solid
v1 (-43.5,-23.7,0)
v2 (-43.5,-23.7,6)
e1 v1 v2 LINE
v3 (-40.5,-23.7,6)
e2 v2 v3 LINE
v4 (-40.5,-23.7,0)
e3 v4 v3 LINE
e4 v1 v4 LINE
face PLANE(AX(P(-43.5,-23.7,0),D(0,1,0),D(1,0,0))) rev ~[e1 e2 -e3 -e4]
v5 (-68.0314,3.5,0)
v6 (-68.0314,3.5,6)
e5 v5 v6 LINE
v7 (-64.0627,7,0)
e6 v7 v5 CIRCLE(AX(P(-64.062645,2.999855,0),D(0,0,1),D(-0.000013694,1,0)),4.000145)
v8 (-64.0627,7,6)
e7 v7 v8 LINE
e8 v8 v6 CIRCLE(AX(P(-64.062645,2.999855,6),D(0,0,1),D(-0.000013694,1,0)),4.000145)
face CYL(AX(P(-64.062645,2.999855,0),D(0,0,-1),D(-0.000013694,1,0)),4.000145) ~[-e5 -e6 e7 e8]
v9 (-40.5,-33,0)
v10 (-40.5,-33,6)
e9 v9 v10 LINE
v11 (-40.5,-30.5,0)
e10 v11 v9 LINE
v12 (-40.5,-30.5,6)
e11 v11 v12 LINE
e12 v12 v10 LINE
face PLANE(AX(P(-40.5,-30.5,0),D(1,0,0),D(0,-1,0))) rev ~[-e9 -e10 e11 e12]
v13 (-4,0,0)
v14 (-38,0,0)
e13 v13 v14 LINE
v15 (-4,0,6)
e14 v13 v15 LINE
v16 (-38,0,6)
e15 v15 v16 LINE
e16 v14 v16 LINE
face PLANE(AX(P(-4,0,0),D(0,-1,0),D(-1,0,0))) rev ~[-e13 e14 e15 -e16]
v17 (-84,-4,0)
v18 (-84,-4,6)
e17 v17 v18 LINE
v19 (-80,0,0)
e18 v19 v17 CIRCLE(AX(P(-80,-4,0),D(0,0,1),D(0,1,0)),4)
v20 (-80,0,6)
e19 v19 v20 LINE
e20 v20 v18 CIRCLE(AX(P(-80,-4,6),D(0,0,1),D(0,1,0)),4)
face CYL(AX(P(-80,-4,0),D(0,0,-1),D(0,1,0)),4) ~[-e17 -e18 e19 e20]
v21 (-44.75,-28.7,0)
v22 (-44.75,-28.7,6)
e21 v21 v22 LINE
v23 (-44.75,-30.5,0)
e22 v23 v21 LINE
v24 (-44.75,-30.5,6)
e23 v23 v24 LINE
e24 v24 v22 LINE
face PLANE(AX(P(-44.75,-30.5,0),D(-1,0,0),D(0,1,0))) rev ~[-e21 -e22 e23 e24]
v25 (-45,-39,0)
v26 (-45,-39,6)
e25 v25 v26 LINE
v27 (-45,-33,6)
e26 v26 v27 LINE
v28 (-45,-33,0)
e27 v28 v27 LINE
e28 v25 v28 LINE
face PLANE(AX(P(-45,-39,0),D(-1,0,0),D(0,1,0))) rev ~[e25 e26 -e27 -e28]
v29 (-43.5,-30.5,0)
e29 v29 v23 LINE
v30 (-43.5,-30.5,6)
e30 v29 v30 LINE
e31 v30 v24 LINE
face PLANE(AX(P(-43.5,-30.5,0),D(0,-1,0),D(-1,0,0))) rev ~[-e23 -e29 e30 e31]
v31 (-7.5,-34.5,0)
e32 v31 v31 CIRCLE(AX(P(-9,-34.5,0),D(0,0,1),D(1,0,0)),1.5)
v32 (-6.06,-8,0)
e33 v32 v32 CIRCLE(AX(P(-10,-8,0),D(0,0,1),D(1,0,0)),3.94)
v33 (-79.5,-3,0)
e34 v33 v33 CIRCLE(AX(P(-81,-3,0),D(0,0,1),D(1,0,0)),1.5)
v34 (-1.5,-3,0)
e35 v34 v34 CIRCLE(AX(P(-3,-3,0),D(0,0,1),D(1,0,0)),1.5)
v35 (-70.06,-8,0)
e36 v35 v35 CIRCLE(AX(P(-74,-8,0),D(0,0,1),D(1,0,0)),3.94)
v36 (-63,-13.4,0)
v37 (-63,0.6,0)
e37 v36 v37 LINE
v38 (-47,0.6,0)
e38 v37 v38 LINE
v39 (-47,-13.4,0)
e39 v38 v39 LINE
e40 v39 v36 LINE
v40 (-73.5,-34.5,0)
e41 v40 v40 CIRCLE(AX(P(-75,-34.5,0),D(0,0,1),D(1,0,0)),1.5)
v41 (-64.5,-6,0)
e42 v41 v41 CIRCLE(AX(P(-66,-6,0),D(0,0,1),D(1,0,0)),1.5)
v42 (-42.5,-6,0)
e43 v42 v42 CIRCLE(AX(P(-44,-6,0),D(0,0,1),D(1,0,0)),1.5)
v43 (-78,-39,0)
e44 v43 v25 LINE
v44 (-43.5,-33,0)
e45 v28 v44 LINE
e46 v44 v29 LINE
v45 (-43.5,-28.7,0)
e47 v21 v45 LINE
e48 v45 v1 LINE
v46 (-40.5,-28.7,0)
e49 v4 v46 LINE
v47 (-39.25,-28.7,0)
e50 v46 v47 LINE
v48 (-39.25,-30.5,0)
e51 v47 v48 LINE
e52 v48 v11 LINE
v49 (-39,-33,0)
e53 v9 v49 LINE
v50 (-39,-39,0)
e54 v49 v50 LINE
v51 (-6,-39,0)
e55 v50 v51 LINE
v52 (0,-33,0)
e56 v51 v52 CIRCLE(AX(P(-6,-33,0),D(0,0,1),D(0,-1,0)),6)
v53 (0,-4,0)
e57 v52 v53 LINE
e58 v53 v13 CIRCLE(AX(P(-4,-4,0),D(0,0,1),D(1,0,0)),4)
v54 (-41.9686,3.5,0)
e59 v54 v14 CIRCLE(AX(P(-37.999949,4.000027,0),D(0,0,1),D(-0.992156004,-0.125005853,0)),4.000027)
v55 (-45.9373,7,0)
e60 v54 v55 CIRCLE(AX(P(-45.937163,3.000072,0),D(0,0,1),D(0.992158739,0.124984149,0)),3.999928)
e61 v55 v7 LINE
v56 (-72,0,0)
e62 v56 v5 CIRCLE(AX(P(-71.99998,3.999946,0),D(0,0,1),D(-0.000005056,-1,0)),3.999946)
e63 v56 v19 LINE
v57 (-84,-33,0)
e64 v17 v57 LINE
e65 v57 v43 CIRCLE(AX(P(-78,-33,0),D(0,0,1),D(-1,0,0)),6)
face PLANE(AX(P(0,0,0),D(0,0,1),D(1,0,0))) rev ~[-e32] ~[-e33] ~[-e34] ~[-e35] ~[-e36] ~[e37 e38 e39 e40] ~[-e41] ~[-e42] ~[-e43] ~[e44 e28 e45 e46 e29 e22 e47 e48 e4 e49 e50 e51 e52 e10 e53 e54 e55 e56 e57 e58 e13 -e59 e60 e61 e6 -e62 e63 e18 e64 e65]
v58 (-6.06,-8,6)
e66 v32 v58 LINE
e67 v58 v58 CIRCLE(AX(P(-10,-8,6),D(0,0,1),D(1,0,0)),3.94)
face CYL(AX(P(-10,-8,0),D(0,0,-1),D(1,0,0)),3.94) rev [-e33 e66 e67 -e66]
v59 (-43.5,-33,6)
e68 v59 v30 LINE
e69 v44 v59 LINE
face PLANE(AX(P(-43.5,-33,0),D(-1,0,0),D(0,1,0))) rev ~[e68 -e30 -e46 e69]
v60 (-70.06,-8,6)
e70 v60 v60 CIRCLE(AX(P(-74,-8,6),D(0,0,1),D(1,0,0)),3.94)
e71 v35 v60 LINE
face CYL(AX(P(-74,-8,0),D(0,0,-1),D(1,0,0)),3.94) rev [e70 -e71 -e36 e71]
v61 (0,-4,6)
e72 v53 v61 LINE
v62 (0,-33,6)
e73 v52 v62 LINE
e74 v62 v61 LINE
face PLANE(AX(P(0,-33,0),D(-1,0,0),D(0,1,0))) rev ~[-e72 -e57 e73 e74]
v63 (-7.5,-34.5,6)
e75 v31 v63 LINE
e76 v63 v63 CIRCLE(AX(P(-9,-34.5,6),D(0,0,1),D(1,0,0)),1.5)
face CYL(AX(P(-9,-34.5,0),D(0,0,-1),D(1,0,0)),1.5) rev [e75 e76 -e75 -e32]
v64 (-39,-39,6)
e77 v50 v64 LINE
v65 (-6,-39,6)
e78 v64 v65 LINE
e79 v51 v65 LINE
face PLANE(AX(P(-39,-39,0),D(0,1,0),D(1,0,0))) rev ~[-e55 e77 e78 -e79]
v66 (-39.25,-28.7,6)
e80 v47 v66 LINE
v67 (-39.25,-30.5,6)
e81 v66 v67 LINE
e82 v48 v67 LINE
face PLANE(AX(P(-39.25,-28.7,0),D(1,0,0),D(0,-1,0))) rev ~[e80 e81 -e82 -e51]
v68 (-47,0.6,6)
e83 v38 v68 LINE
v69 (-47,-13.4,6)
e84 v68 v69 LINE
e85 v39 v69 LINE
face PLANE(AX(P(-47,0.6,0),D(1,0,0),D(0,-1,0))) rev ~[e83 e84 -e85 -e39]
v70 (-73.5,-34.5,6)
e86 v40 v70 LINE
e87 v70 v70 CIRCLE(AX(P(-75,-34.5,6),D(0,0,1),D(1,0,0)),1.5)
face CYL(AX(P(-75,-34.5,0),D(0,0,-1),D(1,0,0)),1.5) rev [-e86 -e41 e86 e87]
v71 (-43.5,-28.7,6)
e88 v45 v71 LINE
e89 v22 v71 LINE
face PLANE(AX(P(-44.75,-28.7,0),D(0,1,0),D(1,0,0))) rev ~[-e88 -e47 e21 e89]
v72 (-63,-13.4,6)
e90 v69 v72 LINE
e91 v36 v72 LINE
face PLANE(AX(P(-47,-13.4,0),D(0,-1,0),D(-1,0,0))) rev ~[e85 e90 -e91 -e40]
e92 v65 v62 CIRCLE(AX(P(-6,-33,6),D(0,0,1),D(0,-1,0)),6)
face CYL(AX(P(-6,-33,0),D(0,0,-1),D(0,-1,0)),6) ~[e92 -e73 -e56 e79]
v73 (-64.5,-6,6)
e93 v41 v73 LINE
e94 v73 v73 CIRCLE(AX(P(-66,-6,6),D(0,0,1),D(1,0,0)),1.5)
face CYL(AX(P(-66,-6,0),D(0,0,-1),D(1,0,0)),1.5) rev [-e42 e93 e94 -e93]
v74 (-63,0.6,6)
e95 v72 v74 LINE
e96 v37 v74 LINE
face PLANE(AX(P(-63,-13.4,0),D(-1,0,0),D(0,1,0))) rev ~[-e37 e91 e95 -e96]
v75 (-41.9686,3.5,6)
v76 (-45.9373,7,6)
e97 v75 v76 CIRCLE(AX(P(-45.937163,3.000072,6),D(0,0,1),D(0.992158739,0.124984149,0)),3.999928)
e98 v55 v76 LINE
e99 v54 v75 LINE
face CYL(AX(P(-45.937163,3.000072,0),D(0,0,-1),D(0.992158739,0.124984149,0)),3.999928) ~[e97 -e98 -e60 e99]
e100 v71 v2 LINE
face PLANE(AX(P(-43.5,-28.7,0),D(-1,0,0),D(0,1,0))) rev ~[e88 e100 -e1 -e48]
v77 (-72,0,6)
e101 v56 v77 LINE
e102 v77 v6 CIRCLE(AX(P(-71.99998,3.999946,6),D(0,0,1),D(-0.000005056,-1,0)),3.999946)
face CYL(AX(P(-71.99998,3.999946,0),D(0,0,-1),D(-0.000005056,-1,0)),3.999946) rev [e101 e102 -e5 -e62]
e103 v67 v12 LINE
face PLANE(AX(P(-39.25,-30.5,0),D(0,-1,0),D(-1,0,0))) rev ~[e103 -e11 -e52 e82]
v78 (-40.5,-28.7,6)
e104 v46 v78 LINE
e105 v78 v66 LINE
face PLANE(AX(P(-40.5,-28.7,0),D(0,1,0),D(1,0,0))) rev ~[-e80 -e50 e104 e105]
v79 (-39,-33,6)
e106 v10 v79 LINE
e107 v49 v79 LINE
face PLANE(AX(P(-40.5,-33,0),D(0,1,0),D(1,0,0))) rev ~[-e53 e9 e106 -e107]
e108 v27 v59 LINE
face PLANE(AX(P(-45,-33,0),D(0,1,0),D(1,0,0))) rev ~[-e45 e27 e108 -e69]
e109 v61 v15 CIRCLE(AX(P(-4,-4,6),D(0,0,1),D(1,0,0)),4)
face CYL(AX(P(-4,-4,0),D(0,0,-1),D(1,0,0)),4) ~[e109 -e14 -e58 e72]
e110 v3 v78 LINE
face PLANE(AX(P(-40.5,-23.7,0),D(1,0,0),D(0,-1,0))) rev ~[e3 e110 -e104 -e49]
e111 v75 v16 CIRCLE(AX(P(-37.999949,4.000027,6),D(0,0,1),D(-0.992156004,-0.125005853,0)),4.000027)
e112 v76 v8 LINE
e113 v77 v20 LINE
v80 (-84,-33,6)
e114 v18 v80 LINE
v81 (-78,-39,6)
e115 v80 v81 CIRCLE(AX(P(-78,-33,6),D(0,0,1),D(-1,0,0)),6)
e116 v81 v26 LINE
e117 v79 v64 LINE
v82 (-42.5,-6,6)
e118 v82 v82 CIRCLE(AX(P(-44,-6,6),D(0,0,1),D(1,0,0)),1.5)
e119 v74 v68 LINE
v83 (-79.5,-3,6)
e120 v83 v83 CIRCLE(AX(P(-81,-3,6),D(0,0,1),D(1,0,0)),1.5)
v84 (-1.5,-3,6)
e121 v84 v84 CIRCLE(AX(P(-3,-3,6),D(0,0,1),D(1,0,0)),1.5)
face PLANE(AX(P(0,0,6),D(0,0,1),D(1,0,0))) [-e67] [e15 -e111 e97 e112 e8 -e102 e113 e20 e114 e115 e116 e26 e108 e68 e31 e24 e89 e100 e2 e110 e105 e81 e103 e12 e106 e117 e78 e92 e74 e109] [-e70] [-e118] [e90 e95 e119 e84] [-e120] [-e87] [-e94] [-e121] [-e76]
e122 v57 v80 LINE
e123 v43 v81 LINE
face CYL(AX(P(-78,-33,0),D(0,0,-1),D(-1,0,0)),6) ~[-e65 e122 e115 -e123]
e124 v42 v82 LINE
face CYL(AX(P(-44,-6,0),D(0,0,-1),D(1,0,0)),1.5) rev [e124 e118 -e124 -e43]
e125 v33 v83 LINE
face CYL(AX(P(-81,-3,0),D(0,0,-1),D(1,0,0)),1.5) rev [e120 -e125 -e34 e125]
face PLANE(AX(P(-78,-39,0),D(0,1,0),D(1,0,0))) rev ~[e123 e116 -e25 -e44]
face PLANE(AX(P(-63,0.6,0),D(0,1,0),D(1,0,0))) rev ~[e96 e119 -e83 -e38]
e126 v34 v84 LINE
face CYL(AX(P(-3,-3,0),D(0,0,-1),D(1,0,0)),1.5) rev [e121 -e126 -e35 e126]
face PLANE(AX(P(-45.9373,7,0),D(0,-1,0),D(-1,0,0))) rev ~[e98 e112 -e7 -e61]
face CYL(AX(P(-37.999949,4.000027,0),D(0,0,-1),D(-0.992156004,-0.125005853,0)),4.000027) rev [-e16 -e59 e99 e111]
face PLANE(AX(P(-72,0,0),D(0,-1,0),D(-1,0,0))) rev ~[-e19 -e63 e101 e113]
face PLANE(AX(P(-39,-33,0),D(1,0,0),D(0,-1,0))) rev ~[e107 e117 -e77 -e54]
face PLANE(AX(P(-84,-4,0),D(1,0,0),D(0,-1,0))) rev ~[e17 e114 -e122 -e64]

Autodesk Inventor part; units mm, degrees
ref_plane "YZ Plane" through (0, 0, 0) normal (1, 0, 0) x (0, 1, 0)
ref_plane "XZ Plane" through (0, 0, 0) normal (0, 1, 0) x (-1, 0, 0)
ref_plane "XY Plane" through (0, 0, 0) normal (0, 0, 1) x (1, 0, 0)
sketch "Sketch1" plane through (0, 0, 0) normal (0, 0, 1) x (1, 0, 0)
  arc A0 (-84, -33) -> (-78, -39) centre (-78, -33) ccw
  line L0 (-78, -39) -> (-45, -39)
  line L1 (-45, -39) -> (-45, -33)
  line L2 (-45, -33) -> (-43.5, -33)
  line L3 (-43.5, -33) -> (-43.5, -30.5)
  line L4 (-43.5, -30.5) -> (-44.75, -30.5)
  line L5 (-44.75, -30.5) -> (-44.75, -28.7)
  line L6 (-44.75, -28.7) -> (-43.5, -28.7)
  line L7 (-43.5, -28.7) -> (-43.5, -23.7)
  line L8 (-43.5, -23.7) -> (-40.5, -23.7)
  line L9 (-40.5, -23.7) -> (-40.5, -28.7)
  line L10 (-40.5, -28.7) -> (-39.25, -28.7)
  line L11 (-39.25, -28.7) -> (-39.25, -30.5)
  line L12 (-39.25, -30.5) -> (-40.5, -30.5)
  line L13 (-40.5, -30.5) -> (-40.5, -33)
  line L14 (-40.5, -33) -> (-39, -33)
  line L15 (-39, -33) -> (-39, -39)
  line L16 (-39, -39) -> (-6, -39)
  arc A1 (-6, -39) -> (0, -33) centre (-6, -33) ccw
  line L17 (0, -33) -> (0, -4)
  arc A2 (0, -4) -> (-4, 0) centre (-4, -4) ccw
  line L18 (-4, 0) -> (-38, 0)
  arc A3 (-41.9686, 3.5) -> (-38, 0) centre (-38, 4) ccw
  arc A4 (-41.9686, 3.5) -> (-45.9373, 7) centre (-45.9373, 3) ccw
  line L19 (-45.9373, 7) -> (-64.0627, 7)
  arc A5 (-64.0627, 7) -> (-68.0314, 3.5) centre (-64.0627, 3) ccw
  arc A6 (-72, 0) -> (-68.0314, 3.5) centre (-72, 4) ccw
  line L20 (-72, 0) -> (-80, 0)
  arc A7 (-80, 0) -> (-84, -4) centre (-80, -4) ccw
  line L21 (-84, -4) -> (-84, -33)
  line L22 (-63, 0.6) -> (-47, 0.6)
  line L23 (-47, 0.6) -> (-47, -13.4)
  line L24 (-47, -13.4) -> (-63, -13.4)
  line L25 (-63, -13.4) -> (-63, 0.6)
  circle A8 centre (-81, -3) radius 1.5
  circle A9 centre (-9, -34.5) radius 1.5
  circle A10 centre (-3, -3) radius 1.5
  circle A11 centre (-66, -6) radius 1.5
  circle A12 centre (-44, -6) radius 1.5
  circle A13 centre (-75, -34.5) radius 1.5
  circle A14 centre (-10, -8) radius 3.94
  circle A15 centre (-74, -8) radius 3.94
  point P0 (0, 0)
extrude "Extrusion1" add sketch "Sketch1" along normal blind 6
properties part number "XcrLeft_b"
